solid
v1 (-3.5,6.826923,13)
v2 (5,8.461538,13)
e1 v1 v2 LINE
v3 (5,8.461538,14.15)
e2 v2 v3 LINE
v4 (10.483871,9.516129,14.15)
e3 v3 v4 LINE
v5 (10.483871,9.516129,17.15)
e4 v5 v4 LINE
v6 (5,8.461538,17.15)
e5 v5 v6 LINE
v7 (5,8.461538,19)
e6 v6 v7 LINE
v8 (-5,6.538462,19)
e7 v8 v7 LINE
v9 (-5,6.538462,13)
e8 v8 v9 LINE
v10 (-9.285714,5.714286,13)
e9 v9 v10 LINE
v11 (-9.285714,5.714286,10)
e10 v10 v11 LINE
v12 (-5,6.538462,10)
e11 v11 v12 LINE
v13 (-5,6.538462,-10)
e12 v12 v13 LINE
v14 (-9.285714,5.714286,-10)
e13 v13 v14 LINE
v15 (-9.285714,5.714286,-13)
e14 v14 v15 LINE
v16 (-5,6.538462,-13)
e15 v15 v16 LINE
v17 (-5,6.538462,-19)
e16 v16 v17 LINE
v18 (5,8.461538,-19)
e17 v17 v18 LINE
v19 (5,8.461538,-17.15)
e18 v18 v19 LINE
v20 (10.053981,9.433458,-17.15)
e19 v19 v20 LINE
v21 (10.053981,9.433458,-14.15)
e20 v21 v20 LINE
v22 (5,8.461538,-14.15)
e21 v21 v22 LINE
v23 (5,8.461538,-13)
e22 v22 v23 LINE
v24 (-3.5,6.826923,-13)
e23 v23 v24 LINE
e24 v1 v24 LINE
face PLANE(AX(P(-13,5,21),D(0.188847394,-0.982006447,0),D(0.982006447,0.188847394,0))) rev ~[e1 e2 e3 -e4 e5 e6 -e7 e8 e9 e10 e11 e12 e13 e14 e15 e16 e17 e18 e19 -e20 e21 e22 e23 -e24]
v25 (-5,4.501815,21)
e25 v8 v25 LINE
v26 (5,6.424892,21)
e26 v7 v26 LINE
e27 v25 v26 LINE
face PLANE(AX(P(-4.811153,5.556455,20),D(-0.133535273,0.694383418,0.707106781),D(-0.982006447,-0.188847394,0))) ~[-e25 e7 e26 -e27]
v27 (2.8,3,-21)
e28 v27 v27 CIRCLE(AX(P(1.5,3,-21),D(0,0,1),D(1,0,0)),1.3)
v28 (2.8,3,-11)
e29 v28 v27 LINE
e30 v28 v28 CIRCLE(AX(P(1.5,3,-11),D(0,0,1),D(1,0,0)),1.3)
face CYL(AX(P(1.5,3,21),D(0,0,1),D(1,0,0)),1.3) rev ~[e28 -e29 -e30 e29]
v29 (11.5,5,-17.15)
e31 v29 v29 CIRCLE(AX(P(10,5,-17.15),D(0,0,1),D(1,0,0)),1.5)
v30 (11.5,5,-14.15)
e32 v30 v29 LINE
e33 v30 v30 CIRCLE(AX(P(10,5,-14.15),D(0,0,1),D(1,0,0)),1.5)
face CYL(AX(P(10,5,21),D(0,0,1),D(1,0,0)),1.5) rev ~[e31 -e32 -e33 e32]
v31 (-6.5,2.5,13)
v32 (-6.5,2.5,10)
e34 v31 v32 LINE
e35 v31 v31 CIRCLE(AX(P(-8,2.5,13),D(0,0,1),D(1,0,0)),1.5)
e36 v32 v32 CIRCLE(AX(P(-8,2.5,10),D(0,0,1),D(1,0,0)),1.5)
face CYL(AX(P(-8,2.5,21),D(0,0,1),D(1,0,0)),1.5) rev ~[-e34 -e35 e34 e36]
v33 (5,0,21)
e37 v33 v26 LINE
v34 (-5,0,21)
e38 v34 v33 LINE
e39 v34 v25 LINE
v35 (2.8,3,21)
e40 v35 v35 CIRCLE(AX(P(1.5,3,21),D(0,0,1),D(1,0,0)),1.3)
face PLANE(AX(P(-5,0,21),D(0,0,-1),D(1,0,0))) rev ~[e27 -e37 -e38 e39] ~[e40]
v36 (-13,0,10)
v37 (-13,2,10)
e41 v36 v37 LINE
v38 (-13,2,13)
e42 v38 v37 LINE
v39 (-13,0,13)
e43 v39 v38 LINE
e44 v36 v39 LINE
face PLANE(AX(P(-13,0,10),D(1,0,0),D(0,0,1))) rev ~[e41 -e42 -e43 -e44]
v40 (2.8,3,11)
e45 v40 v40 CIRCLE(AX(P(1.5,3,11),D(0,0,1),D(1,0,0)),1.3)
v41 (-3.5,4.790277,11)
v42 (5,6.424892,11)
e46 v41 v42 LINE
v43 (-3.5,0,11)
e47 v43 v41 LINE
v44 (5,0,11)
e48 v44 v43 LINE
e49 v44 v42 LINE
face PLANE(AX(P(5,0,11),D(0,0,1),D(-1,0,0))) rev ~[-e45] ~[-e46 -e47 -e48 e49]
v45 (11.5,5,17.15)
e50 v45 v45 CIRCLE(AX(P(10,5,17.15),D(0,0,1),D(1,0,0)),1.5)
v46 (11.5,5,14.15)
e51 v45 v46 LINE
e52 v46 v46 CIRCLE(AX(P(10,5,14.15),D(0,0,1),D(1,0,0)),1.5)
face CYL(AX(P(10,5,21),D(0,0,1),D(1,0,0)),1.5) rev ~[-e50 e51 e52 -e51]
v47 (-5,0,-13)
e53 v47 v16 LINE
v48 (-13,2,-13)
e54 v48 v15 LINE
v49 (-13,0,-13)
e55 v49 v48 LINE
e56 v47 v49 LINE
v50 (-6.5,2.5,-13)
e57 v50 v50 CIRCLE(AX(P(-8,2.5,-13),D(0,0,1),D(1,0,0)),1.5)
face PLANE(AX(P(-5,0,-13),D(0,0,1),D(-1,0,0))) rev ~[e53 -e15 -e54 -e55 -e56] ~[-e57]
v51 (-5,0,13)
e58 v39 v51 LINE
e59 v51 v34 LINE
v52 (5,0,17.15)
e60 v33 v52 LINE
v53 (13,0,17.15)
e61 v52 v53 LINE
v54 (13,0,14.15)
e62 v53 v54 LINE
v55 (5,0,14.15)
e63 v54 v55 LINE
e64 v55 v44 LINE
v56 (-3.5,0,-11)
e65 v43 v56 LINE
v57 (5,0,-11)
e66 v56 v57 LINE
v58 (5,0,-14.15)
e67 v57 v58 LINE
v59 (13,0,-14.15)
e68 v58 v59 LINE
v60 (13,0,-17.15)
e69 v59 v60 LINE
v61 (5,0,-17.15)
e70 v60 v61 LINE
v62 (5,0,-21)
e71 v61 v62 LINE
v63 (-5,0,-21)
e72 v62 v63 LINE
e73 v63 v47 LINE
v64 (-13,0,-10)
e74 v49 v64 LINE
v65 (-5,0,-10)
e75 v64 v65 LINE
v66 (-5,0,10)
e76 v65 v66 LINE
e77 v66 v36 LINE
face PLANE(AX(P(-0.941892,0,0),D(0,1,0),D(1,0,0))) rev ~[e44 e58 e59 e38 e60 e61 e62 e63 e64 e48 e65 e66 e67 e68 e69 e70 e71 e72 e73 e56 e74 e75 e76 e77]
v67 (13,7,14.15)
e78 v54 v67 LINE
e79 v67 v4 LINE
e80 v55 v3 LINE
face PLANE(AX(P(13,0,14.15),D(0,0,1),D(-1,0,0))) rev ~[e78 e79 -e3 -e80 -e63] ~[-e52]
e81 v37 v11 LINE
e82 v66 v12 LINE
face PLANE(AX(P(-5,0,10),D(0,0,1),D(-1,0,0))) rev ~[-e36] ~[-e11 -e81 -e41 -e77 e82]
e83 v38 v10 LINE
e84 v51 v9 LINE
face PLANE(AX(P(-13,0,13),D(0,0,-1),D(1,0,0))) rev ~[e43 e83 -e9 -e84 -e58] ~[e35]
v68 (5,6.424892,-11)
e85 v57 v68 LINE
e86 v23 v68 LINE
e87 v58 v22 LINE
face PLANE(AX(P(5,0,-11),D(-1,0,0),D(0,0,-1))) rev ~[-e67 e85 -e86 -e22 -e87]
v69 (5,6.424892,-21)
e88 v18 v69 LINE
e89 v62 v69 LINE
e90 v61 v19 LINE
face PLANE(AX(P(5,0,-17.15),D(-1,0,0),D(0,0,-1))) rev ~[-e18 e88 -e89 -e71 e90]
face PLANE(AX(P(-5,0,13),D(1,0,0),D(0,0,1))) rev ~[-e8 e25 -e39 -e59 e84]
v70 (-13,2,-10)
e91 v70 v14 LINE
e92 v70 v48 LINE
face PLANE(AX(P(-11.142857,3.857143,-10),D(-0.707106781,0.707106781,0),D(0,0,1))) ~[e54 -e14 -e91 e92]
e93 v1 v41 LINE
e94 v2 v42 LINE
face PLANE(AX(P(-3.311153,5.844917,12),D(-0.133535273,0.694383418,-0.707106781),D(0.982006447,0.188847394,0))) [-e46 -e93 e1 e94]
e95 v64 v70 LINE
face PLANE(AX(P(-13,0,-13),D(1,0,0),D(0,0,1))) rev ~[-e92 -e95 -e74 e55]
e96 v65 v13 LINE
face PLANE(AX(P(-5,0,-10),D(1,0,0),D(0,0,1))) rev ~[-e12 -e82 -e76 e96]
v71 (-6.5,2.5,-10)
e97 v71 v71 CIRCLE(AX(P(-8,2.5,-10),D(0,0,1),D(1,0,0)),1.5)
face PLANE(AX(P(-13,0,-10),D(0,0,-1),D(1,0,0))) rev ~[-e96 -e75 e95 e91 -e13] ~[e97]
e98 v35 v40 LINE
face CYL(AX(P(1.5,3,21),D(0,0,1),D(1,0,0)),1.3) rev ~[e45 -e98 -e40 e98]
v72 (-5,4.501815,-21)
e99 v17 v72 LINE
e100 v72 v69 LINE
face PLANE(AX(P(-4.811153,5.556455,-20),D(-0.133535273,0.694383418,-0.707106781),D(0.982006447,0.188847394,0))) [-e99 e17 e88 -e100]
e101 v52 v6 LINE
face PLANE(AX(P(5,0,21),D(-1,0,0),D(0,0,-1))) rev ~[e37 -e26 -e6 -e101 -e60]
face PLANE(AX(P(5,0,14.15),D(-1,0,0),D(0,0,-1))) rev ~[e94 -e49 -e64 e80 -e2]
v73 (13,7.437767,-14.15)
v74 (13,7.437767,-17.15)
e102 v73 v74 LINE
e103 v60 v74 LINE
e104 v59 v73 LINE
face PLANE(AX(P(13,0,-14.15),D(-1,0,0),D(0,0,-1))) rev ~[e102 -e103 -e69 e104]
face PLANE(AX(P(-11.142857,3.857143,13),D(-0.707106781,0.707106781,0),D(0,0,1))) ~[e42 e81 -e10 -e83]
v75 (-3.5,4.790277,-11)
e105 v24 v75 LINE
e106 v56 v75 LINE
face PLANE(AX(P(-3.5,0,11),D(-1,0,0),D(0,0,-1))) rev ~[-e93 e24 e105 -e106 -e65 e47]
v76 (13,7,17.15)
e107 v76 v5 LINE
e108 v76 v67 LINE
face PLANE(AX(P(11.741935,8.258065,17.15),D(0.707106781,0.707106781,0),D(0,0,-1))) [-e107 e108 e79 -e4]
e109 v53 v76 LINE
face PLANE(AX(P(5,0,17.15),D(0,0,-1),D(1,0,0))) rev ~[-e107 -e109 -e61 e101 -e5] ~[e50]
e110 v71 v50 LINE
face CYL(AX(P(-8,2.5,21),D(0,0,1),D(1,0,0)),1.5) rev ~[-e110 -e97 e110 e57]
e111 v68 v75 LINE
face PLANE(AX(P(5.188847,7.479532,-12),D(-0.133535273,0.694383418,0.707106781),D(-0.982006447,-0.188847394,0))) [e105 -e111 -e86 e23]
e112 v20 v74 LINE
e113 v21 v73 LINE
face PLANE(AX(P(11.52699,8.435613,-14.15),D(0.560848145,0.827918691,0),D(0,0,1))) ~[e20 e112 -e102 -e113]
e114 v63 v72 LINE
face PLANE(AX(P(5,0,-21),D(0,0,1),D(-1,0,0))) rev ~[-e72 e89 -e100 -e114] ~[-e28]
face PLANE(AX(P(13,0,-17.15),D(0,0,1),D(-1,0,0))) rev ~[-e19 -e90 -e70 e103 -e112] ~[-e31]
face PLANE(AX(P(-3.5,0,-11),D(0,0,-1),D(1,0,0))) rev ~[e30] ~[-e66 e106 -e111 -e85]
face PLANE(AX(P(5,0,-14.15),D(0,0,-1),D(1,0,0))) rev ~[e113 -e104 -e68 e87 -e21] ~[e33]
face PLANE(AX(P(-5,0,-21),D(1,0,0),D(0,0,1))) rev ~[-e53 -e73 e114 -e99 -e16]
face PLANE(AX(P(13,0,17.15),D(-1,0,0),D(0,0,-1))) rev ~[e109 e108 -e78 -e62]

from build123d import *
from OCP.BRepFilletAPI import BRepFilletAPI_MakeChamfer

# Parameters (mm, degrees)
EXTRUDE_1_DEPTH     = 10
SKETCH_2_R          = 1.5
SKETCH_2_R_2        = 1.3
CUT_EXTRUDE_1_DEPTH = 46.08880127
CHAMFER_1_SIZE      = 3
CHAMFER_1_SIZE2     = 3.782343513
CHAMFER_1_SIZE2_2   = 2.562232702
CHAMFER_2_SIZE      = 2


with BuildPart() as part:
    # 草图1 → 凸台-拉伸1 (new body)
    with BuildSketch(Plane(origin=(0, 0, 0), x_dir=(1, 0, 0), z_dir=(0, 1, 0))):
        Polygon((13, -14.15), (5, -14.15), (5, -11), (-3.5, -11), (-3.5, 11), (5, 11), (5, 14.15), (13, 14.15), (13, 17.15), (5, 17.15), (5, 21), (-5, 21), (-5, 13), (-13, 13), (-13, 10), (-5, 10), (-5, -10), (-13, -10), (-13, -13), (-5, -13), (-5, -21), (5, -21), (5, -17.15), (13, -17.15), align=None)
    extrude(amount=EXTRUDE_1_DEPTH)

    # 草图2 → 切除-拉伸1 (cut, through all)
    with BuildSketch(Plane.XY.offset(21)):
        with Locations((10, 5)):
            Circle(SKETCH_2_R)
        with Locations((-8, 2.5)):
            Circle(SKETCH_2_R)
        with Locations((1.5, 3)):
            Circle(SKETCH_2_R_2)
        Polygon((-13, 5), (13, 10), (-13, 10), align=None)
    extrude(amount=-CUT_EXTRUDE_1_DEPTH, mode=Mode.SUBTRACT)

    # 倒角1: one chamfer whose edges measure the first distance from different faces: ONE call of the kernel's chamfer builder (chamfer() names one face for all edges)
    chamfer_1_edges_1 = [part.edges().sort_by_distance(p)[0] for p in [
        (-13, 5, -11.5),
    ]]
    chamfer_1_side_1 = [part.faces().sort_by_distance(p)[0] for p in [
        (-13, 2.5, -11.5),
    ]]
    chamfer_1_edges_2 = [part.edges().sort_by_distance(p)[0] for p in [
        (-13, 5, 11.5),
    ]]
    chamfer_1_side_2 = [part.faces().sort_by_distance(p)[0] for p in [
        (-13, 2.5, 11.5),
    ]]
    chamfer_1_edges_3 = [part.edges().sort_by_distance(p)[0] for p in [
        (13, 10, 15.65),
    ]]
    chamfer_1_side_3 = [part.faces().sort_by_distance(p)[0] for p in [
        (13, 5, 15.65),
    ]]
    chamfer_1_edges_4 = [part.edges().sort_by_distance(p)[0] for p in [
        (13, 10, -15.65),
    ]]
    chamfer_1_side_4 = [part.faces().sort_by_distance(p)[0] for p in [
        (-9, 5.769230769, 12.503512337),
    ]]
    chamfer_1 = BRepFilletAPI_MakeChamfer(part.part.solid().wrapped)
    for e in chamfer_1_edges_1:
        chamfer_1.Add(CHAMFER_1_SIZE, CHAMFER_1_SIZE2, e.wrapped, chamfer_1_side_1[0].wrapped)  # the first distance lies on this face
    for e in chamfer_1_edges_2:
        chamfer_1.Add(CHAMFER_1_SIZE, CHAMFER_1_SIZE2, e.wrapped, chamfer_1_side_2[0].wrapped)  # the first distance lies on this face
    for e in chamfer_1_edges_3:
        chamfer_1.Add(CHAMFER_1_SIZE, CHAMFER_1_SIZE2_2, e.wrapped, chamfer_1_side_3[0].wrapped)  # the first distance lies on this face
    for e in chamfer_1_edges_4:
        chamfer_1.Add(CHAMFER_1_SIZE, CHAMFER_1_SIZE2_2, e.wrapped, chamfer_1_side_4[0].wrapped)  # the first distance lies on this face
    add(Compound.cast(chamfer_1.Shape()), mode=Mode.REPLACE)

    # 倒角2
    chamfer_2_edges = [part.edges().sort_by_distance(p)[0] for p in [
        (0, 7.5, -21),
        (0.75, 7.644230769, 11),
        (0.75, 7.644230769, -11),
        (0, 7.5, 21),
    ]]
    chamfer(chamfer_2_edges, length=CHAMFER_2_SIZE)


solid = part.part
